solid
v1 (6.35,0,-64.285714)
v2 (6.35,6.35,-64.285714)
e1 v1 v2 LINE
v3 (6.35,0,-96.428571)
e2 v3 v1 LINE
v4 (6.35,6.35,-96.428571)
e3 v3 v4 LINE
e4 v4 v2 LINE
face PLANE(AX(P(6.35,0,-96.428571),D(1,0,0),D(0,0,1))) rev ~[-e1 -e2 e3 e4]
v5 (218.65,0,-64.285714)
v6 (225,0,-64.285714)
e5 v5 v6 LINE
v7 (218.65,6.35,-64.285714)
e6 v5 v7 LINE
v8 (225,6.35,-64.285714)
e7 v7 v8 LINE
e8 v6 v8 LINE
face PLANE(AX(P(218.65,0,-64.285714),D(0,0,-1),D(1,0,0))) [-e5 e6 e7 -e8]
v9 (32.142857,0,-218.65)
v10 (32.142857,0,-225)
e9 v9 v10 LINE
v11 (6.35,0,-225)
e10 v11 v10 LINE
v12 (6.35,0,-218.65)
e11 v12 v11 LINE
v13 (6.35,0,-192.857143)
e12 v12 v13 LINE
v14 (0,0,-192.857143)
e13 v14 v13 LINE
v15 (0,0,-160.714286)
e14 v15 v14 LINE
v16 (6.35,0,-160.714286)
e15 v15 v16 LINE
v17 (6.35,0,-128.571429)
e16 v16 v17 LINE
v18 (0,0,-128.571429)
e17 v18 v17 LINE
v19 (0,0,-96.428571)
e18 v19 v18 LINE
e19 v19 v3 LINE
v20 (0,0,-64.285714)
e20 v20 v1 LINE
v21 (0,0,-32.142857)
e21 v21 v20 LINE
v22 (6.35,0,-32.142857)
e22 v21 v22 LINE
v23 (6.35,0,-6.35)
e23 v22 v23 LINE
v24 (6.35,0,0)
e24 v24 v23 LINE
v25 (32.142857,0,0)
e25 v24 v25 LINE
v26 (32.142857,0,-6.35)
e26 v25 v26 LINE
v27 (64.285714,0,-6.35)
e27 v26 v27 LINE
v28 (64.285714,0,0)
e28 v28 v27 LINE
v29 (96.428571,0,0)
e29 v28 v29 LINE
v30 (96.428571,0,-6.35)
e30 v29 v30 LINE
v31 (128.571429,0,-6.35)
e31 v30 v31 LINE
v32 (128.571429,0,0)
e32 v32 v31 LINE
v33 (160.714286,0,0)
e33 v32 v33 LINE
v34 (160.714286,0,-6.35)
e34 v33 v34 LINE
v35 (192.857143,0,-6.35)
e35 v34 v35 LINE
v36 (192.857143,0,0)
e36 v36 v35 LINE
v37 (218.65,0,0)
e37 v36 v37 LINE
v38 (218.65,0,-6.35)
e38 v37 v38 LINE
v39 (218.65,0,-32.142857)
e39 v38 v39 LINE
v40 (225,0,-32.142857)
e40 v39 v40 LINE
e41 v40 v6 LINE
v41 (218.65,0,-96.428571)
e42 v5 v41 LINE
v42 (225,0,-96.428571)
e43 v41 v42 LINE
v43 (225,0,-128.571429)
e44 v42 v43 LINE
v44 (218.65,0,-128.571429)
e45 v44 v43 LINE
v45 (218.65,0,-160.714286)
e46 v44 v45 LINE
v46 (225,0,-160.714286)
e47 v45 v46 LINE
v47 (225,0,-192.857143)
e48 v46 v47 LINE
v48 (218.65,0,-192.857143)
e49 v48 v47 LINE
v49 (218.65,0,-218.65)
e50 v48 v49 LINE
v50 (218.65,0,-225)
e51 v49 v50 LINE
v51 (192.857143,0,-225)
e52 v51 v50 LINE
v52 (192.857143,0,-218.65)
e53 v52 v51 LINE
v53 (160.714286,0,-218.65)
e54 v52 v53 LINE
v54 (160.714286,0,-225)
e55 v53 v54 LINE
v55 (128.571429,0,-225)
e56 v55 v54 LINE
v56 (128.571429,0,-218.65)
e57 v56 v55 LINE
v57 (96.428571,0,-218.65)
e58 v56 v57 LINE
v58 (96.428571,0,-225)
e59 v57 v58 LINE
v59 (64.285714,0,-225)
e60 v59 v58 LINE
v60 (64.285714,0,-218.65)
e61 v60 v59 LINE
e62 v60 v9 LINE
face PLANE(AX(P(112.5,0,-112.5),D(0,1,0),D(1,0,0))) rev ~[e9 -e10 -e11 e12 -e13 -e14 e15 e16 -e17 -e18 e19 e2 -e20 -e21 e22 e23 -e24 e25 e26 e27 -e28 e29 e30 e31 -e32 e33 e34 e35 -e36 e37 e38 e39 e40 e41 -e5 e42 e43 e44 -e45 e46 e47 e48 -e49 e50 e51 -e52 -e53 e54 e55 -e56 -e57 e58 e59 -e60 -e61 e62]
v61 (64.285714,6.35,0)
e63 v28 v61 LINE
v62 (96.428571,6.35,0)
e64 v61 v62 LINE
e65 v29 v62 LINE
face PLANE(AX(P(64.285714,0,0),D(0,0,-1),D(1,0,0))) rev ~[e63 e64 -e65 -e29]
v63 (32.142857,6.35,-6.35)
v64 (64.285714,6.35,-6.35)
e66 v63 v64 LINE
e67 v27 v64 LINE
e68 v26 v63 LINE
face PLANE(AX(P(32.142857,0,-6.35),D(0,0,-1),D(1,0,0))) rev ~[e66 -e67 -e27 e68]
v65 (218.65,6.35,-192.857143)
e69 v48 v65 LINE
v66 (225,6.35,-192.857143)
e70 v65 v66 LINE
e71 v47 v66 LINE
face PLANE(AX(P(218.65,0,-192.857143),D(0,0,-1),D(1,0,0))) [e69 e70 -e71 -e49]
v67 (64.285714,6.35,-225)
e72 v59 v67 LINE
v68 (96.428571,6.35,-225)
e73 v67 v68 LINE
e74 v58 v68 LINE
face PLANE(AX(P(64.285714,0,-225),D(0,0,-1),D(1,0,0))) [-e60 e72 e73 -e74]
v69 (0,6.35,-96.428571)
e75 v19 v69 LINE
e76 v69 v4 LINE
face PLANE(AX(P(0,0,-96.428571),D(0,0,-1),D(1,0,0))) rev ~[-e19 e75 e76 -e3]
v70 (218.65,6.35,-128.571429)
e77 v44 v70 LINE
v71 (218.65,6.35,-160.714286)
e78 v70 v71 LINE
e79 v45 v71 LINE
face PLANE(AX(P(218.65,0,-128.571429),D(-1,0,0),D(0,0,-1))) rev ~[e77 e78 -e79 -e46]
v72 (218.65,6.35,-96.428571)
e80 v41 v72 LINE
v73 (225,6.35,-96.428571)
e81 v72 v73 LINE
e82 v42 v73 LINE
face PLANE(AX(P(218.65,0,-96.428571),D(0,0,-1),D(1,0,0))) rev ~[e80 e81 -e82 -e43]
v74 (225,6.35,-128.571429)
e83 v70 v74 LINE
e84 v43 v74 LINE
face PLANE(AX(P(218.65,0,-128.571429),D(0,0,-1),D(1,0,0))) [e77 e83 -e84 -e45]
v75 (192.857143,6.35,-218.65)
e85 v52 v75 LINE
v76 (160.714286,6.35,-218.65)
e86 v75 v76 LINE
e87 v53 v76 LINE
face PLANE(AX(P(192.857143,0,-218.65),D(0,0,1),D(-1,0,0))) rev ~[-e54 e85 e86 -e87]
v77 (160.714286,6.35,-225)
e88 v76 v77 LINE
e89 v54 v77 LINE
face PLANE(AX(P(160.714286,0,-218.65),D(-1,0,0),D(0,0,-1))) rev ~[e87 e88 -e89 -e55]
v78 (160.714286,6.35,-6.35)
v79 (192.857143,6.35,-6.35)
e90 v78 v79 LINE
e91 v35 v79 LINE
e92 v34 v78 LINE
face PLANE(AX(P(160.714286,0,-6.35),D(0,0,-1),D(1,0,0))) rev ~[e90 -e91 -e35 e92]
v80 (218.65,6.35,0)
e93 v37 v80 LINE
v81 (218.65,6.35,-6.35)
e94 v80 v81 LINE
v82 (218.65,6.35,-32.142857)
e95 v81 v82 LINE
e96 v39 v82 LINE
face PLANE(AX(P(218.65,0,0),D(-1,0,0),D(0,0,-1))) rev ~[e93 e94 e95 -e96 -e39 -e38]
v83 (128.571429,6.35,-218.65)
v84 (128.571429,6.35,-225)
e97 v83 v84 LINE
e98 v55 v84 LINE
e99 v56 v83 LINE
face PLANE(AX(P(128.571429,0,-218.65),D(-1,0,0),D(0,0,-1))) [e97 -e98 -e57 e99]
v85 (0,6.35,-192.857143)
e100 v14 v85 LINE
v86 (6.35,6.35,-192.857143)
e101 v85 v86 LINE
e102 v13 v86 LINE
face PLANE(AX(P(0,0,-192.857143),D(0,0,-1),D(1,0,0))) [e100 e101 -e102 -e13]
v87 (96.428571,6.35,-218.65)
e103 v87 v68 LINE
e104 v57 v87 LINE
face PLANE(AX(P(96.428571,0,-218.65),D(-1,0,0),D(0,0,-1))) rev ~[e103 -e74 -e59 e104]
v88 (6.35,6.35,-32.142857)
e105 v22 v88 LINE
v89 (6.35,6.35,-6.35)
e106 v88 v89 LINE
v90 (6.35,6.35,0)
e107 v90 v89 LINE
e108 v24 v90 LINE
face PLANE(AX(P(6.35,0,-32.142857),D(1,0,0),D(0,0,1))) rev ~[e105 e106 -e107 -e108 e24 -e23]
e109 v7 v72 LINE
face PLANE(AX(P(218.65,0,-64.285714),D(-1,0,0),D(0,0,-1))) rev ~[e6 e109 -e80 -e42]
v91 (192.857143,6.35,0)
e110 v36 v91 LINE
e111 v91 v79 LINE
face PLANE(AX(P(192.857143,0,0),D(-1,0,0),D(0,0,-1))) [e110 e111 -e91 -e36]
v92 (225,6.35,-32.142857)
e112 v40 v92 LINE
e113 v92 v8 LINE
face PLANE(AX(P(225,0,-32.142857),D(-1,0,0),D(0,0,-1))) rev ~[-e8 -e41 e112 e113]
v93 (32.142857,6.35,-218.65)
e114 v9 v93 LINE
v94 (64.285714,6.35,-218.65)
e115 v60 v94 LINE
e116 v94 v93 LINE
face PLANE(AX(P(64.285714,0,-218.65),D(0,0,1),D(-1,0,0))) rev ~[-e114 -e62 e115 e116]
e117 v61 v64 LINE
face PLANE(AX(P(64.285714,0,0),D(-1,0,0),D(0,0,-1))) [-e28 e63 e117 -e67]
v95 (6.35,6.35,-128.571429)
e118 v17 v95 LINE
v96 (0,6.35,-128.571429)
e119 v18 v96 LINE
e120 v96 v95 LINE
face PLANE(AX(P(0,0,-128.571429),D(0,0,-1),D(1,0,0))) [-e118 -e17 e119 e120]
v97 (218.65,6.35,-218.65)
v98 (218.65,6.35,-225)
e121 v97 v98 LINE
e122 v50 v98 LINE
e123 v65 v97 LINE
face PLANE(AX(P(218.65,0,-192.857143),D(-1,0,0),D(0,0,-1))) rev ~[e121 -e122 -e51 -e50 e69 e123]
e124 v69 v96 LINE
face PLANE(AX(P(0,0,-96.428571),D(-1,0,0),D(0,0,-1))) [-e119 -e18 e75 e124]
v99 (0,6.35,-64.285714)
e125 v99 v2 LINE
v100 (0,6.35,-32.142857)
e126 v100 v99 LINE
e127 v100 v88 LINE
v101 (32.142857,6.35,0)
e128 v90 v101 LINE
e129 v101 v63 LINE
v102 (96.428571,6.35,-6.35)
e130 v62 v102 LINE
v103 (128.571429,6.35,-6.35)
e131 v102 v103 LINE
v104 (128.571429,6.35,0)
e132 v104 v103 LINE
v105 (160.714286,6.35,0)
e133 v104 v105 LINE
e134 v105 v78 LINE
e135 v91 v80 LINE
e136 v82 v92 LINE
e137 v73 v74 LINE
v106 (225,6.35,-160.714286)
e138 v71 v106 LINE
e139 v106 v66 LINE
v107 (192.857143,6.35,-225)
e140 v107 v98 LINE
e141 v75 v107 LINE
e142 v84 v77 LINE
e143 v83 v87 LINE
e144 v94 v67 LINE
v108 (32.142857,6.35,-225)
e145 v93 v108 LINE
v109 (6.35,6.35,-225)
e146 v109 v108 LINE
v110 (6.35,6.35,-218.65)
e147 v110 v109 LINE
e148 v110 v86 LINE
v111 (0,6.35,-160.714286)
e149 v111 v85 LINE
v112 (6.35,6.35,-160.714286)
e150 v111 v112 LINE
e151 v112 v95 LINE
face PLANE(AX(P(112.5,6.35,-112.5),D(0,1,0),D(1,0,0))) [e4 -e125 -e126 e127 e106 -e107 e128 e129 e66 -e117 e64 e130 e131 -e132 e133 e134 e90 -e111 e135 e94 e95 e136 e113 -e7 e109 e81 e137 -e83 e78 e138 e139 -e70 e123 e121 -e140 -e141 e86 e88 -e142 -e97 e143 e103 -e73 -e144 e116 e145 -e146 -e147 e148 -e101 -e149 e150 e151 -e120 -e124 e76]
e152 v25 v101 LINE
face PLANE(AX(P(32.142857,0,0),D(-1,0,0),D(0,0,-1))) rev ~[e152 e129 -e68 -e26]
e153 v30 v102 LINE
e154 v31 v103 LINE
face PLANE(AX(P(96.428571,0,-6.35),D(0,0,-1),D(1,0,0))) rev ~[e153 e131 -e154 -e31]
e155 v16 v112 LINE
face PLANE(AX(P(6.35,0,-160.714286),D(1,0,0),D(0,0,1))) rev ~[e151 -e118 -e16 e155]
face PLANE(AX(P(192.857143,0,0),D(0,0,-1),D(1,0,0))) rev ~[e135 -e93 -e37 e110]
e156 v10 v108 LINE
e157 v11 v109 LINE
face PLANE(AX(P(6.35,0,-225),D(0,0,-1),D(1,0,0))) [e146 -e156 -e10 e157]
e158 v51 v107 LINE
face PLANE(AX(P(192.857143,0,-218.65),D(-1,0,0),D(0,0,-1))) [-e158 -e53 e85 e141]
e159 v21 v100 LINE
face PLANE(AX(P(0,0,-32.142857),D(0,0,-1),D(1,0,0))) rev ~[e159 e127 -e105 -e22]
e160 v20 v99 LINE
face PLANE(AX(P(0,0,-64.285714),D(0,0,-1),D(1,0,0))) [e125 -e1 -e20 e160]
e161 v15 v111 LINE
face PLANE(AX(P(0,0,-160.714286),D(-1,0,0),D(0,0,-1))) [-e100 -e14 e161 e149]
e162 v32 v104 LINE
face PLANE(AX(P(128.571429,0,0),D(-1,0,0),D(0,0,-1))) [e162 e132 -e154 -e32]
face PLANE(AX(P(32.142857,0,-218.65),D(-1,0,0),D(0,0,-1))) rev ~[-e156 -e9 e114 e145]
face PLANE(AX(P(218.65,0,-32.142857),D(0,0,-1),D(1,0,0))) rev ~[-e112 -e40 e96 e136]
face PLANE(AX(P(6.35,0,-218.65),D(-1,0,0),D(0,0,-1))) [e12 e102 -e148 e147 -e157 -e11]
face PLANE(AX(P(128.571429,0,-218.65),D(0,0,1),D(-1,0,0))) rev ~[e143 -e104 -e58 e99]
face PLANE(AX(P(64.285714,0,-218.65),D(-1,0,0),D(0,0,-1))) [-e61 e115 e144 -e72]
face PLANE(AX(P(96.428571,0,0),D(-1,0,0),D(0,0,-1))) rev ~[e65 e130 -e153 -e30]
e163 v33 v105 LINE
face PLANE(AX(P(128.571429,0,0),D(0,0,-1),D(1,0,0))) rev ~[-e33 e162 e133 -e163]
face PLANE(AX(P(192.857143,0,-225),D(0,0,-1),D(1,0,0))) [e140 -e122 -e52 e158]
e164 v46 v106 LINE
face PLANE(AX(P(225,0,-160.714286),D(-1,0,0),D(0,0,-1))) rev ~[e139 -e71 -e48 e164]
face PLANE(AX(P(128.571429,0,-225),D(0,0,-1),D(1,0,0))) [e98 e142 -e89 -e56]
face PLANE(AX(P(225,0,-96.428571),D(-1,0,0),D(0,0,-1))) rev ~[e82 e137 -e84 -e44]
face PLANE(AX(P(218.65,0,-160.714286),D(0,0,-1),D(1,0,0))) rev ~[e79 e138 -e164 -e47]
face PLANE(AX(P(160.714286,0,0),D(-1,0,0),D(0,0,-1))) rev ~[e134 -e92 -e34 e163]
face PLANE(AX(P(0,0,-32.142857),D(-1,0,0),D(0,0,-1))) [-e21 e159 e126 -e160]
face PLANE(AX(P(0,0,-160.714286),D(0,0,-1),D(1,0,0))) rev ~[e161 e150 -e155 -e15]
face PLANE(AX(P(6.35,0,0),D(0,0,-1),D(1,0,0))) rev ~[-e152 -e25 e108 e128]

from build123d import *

# Parameters (mm, degrees)
SKETCH1_W           = 6.35
SKETCH1_H           = 32.142857142
SKETCH1_H_2         = 32.142857143
SKETCH1_W_2         = 25.792857143
SKETCH1_H_3         = 6.35
SKETCH1_W_3         = 32.142857143
BOSS_EXTRUDE1_DEPTH = 6.35


with BuildPart() as part:
    # Sketch1 → Boss-Extrude1 (new body)
    with BuildSketch(Plane(origin=(0, 0, 0), x_dir=(1, 0, 0), z_dir=(0, 1, 0))):
        Polygon((6.35, 6.35), (32.142857143, 6.35), (64.285714286, 6.35), (96.428571429, 6.35), (128.571428571, 6.35), (160.714285714, 6.35), (192.857142857, 6.35), (218.65, 6.35), (218.65, 32.142857143), (218.65, 64.285714286), (218.65, 96.428571429), (218.65, 128.571428571), (218.65, 160.714285714), (218.65, 192.857142857), (218.65, 218.65), (192.857142857, 218.65), (160.714285714, 218.65), (128.571428571, 218.65), (96.428571429, 218.65), (64.285714286, 218.65), (32.142857143, 218.65), (6.35, 218.65), (6.35, 192.857142857), (6.35, 160.714285714), (6.35, 128.571428571), (6.35, 96.428571429), (6.35, 64.285714286), (6.35, 32.142857143), align=None)
        with Locations((3.175, 112.5)):
            Rectangle(SKETCH1_W, SKETCH1_H)
        with Locations((3.175, 48.214285715)):
            Rectangle(SKETCH1_W, SKETCH1_H_2)
        with Locations((3.175, 176.785714286)):
            Rectangle(SKETCH1_W, SKETCH1_H_2)
        with Locations((19.246428572, 3.175)):
            Rectangle(SKETCH1_W_2, SKETCH1_H_3)
        with Locations((80.357142858, 3.175)):
            Rectangle(SKETCH1_W_3, SKETCH1_H_3)
        with Locations((144.642857143, 3.175)):
            Rectangle(SKETCH1_W_3, SKETCH1_H_3)
        with Locations((205.753571429, 3.175)):
            Rectangle(SKETCH1_W_2, SKETCH1_H_3)
        with Locations((221.825, 48.214285715)):
            Rectangle(SKETCH1_W, SKETCH1_H_2)
        with Locations((221.825, 112.5)):
            Rectangle(SKETCH1_W, SKETCH1_H)
        with Locations((221.825, 176.785714286)):
            Rectangle(SKETCH1_W, SKETCH1_H_2)
        with Locations((205.753571429, 221.825)):
            Rectangle(SKETCH1_W_2, SKETCH1_H_3)
        with Locations((144.642857143, 221.825)):
            Rectangle(SKETCH1_W_3, SKETCH1_H_3)
        with Locations((80.357142858, 221.825)):
            Rectangle(SKETCH1_W_3, SKETCH1_H_3)
        with Locations((19.246428572, 221.825)):
            Rectangle(SKETCH1_W_2, SKETCH1_H_3)
    extrude(amount=BOSS_EXTRUDE1_DEPTH)


solid = part.part
